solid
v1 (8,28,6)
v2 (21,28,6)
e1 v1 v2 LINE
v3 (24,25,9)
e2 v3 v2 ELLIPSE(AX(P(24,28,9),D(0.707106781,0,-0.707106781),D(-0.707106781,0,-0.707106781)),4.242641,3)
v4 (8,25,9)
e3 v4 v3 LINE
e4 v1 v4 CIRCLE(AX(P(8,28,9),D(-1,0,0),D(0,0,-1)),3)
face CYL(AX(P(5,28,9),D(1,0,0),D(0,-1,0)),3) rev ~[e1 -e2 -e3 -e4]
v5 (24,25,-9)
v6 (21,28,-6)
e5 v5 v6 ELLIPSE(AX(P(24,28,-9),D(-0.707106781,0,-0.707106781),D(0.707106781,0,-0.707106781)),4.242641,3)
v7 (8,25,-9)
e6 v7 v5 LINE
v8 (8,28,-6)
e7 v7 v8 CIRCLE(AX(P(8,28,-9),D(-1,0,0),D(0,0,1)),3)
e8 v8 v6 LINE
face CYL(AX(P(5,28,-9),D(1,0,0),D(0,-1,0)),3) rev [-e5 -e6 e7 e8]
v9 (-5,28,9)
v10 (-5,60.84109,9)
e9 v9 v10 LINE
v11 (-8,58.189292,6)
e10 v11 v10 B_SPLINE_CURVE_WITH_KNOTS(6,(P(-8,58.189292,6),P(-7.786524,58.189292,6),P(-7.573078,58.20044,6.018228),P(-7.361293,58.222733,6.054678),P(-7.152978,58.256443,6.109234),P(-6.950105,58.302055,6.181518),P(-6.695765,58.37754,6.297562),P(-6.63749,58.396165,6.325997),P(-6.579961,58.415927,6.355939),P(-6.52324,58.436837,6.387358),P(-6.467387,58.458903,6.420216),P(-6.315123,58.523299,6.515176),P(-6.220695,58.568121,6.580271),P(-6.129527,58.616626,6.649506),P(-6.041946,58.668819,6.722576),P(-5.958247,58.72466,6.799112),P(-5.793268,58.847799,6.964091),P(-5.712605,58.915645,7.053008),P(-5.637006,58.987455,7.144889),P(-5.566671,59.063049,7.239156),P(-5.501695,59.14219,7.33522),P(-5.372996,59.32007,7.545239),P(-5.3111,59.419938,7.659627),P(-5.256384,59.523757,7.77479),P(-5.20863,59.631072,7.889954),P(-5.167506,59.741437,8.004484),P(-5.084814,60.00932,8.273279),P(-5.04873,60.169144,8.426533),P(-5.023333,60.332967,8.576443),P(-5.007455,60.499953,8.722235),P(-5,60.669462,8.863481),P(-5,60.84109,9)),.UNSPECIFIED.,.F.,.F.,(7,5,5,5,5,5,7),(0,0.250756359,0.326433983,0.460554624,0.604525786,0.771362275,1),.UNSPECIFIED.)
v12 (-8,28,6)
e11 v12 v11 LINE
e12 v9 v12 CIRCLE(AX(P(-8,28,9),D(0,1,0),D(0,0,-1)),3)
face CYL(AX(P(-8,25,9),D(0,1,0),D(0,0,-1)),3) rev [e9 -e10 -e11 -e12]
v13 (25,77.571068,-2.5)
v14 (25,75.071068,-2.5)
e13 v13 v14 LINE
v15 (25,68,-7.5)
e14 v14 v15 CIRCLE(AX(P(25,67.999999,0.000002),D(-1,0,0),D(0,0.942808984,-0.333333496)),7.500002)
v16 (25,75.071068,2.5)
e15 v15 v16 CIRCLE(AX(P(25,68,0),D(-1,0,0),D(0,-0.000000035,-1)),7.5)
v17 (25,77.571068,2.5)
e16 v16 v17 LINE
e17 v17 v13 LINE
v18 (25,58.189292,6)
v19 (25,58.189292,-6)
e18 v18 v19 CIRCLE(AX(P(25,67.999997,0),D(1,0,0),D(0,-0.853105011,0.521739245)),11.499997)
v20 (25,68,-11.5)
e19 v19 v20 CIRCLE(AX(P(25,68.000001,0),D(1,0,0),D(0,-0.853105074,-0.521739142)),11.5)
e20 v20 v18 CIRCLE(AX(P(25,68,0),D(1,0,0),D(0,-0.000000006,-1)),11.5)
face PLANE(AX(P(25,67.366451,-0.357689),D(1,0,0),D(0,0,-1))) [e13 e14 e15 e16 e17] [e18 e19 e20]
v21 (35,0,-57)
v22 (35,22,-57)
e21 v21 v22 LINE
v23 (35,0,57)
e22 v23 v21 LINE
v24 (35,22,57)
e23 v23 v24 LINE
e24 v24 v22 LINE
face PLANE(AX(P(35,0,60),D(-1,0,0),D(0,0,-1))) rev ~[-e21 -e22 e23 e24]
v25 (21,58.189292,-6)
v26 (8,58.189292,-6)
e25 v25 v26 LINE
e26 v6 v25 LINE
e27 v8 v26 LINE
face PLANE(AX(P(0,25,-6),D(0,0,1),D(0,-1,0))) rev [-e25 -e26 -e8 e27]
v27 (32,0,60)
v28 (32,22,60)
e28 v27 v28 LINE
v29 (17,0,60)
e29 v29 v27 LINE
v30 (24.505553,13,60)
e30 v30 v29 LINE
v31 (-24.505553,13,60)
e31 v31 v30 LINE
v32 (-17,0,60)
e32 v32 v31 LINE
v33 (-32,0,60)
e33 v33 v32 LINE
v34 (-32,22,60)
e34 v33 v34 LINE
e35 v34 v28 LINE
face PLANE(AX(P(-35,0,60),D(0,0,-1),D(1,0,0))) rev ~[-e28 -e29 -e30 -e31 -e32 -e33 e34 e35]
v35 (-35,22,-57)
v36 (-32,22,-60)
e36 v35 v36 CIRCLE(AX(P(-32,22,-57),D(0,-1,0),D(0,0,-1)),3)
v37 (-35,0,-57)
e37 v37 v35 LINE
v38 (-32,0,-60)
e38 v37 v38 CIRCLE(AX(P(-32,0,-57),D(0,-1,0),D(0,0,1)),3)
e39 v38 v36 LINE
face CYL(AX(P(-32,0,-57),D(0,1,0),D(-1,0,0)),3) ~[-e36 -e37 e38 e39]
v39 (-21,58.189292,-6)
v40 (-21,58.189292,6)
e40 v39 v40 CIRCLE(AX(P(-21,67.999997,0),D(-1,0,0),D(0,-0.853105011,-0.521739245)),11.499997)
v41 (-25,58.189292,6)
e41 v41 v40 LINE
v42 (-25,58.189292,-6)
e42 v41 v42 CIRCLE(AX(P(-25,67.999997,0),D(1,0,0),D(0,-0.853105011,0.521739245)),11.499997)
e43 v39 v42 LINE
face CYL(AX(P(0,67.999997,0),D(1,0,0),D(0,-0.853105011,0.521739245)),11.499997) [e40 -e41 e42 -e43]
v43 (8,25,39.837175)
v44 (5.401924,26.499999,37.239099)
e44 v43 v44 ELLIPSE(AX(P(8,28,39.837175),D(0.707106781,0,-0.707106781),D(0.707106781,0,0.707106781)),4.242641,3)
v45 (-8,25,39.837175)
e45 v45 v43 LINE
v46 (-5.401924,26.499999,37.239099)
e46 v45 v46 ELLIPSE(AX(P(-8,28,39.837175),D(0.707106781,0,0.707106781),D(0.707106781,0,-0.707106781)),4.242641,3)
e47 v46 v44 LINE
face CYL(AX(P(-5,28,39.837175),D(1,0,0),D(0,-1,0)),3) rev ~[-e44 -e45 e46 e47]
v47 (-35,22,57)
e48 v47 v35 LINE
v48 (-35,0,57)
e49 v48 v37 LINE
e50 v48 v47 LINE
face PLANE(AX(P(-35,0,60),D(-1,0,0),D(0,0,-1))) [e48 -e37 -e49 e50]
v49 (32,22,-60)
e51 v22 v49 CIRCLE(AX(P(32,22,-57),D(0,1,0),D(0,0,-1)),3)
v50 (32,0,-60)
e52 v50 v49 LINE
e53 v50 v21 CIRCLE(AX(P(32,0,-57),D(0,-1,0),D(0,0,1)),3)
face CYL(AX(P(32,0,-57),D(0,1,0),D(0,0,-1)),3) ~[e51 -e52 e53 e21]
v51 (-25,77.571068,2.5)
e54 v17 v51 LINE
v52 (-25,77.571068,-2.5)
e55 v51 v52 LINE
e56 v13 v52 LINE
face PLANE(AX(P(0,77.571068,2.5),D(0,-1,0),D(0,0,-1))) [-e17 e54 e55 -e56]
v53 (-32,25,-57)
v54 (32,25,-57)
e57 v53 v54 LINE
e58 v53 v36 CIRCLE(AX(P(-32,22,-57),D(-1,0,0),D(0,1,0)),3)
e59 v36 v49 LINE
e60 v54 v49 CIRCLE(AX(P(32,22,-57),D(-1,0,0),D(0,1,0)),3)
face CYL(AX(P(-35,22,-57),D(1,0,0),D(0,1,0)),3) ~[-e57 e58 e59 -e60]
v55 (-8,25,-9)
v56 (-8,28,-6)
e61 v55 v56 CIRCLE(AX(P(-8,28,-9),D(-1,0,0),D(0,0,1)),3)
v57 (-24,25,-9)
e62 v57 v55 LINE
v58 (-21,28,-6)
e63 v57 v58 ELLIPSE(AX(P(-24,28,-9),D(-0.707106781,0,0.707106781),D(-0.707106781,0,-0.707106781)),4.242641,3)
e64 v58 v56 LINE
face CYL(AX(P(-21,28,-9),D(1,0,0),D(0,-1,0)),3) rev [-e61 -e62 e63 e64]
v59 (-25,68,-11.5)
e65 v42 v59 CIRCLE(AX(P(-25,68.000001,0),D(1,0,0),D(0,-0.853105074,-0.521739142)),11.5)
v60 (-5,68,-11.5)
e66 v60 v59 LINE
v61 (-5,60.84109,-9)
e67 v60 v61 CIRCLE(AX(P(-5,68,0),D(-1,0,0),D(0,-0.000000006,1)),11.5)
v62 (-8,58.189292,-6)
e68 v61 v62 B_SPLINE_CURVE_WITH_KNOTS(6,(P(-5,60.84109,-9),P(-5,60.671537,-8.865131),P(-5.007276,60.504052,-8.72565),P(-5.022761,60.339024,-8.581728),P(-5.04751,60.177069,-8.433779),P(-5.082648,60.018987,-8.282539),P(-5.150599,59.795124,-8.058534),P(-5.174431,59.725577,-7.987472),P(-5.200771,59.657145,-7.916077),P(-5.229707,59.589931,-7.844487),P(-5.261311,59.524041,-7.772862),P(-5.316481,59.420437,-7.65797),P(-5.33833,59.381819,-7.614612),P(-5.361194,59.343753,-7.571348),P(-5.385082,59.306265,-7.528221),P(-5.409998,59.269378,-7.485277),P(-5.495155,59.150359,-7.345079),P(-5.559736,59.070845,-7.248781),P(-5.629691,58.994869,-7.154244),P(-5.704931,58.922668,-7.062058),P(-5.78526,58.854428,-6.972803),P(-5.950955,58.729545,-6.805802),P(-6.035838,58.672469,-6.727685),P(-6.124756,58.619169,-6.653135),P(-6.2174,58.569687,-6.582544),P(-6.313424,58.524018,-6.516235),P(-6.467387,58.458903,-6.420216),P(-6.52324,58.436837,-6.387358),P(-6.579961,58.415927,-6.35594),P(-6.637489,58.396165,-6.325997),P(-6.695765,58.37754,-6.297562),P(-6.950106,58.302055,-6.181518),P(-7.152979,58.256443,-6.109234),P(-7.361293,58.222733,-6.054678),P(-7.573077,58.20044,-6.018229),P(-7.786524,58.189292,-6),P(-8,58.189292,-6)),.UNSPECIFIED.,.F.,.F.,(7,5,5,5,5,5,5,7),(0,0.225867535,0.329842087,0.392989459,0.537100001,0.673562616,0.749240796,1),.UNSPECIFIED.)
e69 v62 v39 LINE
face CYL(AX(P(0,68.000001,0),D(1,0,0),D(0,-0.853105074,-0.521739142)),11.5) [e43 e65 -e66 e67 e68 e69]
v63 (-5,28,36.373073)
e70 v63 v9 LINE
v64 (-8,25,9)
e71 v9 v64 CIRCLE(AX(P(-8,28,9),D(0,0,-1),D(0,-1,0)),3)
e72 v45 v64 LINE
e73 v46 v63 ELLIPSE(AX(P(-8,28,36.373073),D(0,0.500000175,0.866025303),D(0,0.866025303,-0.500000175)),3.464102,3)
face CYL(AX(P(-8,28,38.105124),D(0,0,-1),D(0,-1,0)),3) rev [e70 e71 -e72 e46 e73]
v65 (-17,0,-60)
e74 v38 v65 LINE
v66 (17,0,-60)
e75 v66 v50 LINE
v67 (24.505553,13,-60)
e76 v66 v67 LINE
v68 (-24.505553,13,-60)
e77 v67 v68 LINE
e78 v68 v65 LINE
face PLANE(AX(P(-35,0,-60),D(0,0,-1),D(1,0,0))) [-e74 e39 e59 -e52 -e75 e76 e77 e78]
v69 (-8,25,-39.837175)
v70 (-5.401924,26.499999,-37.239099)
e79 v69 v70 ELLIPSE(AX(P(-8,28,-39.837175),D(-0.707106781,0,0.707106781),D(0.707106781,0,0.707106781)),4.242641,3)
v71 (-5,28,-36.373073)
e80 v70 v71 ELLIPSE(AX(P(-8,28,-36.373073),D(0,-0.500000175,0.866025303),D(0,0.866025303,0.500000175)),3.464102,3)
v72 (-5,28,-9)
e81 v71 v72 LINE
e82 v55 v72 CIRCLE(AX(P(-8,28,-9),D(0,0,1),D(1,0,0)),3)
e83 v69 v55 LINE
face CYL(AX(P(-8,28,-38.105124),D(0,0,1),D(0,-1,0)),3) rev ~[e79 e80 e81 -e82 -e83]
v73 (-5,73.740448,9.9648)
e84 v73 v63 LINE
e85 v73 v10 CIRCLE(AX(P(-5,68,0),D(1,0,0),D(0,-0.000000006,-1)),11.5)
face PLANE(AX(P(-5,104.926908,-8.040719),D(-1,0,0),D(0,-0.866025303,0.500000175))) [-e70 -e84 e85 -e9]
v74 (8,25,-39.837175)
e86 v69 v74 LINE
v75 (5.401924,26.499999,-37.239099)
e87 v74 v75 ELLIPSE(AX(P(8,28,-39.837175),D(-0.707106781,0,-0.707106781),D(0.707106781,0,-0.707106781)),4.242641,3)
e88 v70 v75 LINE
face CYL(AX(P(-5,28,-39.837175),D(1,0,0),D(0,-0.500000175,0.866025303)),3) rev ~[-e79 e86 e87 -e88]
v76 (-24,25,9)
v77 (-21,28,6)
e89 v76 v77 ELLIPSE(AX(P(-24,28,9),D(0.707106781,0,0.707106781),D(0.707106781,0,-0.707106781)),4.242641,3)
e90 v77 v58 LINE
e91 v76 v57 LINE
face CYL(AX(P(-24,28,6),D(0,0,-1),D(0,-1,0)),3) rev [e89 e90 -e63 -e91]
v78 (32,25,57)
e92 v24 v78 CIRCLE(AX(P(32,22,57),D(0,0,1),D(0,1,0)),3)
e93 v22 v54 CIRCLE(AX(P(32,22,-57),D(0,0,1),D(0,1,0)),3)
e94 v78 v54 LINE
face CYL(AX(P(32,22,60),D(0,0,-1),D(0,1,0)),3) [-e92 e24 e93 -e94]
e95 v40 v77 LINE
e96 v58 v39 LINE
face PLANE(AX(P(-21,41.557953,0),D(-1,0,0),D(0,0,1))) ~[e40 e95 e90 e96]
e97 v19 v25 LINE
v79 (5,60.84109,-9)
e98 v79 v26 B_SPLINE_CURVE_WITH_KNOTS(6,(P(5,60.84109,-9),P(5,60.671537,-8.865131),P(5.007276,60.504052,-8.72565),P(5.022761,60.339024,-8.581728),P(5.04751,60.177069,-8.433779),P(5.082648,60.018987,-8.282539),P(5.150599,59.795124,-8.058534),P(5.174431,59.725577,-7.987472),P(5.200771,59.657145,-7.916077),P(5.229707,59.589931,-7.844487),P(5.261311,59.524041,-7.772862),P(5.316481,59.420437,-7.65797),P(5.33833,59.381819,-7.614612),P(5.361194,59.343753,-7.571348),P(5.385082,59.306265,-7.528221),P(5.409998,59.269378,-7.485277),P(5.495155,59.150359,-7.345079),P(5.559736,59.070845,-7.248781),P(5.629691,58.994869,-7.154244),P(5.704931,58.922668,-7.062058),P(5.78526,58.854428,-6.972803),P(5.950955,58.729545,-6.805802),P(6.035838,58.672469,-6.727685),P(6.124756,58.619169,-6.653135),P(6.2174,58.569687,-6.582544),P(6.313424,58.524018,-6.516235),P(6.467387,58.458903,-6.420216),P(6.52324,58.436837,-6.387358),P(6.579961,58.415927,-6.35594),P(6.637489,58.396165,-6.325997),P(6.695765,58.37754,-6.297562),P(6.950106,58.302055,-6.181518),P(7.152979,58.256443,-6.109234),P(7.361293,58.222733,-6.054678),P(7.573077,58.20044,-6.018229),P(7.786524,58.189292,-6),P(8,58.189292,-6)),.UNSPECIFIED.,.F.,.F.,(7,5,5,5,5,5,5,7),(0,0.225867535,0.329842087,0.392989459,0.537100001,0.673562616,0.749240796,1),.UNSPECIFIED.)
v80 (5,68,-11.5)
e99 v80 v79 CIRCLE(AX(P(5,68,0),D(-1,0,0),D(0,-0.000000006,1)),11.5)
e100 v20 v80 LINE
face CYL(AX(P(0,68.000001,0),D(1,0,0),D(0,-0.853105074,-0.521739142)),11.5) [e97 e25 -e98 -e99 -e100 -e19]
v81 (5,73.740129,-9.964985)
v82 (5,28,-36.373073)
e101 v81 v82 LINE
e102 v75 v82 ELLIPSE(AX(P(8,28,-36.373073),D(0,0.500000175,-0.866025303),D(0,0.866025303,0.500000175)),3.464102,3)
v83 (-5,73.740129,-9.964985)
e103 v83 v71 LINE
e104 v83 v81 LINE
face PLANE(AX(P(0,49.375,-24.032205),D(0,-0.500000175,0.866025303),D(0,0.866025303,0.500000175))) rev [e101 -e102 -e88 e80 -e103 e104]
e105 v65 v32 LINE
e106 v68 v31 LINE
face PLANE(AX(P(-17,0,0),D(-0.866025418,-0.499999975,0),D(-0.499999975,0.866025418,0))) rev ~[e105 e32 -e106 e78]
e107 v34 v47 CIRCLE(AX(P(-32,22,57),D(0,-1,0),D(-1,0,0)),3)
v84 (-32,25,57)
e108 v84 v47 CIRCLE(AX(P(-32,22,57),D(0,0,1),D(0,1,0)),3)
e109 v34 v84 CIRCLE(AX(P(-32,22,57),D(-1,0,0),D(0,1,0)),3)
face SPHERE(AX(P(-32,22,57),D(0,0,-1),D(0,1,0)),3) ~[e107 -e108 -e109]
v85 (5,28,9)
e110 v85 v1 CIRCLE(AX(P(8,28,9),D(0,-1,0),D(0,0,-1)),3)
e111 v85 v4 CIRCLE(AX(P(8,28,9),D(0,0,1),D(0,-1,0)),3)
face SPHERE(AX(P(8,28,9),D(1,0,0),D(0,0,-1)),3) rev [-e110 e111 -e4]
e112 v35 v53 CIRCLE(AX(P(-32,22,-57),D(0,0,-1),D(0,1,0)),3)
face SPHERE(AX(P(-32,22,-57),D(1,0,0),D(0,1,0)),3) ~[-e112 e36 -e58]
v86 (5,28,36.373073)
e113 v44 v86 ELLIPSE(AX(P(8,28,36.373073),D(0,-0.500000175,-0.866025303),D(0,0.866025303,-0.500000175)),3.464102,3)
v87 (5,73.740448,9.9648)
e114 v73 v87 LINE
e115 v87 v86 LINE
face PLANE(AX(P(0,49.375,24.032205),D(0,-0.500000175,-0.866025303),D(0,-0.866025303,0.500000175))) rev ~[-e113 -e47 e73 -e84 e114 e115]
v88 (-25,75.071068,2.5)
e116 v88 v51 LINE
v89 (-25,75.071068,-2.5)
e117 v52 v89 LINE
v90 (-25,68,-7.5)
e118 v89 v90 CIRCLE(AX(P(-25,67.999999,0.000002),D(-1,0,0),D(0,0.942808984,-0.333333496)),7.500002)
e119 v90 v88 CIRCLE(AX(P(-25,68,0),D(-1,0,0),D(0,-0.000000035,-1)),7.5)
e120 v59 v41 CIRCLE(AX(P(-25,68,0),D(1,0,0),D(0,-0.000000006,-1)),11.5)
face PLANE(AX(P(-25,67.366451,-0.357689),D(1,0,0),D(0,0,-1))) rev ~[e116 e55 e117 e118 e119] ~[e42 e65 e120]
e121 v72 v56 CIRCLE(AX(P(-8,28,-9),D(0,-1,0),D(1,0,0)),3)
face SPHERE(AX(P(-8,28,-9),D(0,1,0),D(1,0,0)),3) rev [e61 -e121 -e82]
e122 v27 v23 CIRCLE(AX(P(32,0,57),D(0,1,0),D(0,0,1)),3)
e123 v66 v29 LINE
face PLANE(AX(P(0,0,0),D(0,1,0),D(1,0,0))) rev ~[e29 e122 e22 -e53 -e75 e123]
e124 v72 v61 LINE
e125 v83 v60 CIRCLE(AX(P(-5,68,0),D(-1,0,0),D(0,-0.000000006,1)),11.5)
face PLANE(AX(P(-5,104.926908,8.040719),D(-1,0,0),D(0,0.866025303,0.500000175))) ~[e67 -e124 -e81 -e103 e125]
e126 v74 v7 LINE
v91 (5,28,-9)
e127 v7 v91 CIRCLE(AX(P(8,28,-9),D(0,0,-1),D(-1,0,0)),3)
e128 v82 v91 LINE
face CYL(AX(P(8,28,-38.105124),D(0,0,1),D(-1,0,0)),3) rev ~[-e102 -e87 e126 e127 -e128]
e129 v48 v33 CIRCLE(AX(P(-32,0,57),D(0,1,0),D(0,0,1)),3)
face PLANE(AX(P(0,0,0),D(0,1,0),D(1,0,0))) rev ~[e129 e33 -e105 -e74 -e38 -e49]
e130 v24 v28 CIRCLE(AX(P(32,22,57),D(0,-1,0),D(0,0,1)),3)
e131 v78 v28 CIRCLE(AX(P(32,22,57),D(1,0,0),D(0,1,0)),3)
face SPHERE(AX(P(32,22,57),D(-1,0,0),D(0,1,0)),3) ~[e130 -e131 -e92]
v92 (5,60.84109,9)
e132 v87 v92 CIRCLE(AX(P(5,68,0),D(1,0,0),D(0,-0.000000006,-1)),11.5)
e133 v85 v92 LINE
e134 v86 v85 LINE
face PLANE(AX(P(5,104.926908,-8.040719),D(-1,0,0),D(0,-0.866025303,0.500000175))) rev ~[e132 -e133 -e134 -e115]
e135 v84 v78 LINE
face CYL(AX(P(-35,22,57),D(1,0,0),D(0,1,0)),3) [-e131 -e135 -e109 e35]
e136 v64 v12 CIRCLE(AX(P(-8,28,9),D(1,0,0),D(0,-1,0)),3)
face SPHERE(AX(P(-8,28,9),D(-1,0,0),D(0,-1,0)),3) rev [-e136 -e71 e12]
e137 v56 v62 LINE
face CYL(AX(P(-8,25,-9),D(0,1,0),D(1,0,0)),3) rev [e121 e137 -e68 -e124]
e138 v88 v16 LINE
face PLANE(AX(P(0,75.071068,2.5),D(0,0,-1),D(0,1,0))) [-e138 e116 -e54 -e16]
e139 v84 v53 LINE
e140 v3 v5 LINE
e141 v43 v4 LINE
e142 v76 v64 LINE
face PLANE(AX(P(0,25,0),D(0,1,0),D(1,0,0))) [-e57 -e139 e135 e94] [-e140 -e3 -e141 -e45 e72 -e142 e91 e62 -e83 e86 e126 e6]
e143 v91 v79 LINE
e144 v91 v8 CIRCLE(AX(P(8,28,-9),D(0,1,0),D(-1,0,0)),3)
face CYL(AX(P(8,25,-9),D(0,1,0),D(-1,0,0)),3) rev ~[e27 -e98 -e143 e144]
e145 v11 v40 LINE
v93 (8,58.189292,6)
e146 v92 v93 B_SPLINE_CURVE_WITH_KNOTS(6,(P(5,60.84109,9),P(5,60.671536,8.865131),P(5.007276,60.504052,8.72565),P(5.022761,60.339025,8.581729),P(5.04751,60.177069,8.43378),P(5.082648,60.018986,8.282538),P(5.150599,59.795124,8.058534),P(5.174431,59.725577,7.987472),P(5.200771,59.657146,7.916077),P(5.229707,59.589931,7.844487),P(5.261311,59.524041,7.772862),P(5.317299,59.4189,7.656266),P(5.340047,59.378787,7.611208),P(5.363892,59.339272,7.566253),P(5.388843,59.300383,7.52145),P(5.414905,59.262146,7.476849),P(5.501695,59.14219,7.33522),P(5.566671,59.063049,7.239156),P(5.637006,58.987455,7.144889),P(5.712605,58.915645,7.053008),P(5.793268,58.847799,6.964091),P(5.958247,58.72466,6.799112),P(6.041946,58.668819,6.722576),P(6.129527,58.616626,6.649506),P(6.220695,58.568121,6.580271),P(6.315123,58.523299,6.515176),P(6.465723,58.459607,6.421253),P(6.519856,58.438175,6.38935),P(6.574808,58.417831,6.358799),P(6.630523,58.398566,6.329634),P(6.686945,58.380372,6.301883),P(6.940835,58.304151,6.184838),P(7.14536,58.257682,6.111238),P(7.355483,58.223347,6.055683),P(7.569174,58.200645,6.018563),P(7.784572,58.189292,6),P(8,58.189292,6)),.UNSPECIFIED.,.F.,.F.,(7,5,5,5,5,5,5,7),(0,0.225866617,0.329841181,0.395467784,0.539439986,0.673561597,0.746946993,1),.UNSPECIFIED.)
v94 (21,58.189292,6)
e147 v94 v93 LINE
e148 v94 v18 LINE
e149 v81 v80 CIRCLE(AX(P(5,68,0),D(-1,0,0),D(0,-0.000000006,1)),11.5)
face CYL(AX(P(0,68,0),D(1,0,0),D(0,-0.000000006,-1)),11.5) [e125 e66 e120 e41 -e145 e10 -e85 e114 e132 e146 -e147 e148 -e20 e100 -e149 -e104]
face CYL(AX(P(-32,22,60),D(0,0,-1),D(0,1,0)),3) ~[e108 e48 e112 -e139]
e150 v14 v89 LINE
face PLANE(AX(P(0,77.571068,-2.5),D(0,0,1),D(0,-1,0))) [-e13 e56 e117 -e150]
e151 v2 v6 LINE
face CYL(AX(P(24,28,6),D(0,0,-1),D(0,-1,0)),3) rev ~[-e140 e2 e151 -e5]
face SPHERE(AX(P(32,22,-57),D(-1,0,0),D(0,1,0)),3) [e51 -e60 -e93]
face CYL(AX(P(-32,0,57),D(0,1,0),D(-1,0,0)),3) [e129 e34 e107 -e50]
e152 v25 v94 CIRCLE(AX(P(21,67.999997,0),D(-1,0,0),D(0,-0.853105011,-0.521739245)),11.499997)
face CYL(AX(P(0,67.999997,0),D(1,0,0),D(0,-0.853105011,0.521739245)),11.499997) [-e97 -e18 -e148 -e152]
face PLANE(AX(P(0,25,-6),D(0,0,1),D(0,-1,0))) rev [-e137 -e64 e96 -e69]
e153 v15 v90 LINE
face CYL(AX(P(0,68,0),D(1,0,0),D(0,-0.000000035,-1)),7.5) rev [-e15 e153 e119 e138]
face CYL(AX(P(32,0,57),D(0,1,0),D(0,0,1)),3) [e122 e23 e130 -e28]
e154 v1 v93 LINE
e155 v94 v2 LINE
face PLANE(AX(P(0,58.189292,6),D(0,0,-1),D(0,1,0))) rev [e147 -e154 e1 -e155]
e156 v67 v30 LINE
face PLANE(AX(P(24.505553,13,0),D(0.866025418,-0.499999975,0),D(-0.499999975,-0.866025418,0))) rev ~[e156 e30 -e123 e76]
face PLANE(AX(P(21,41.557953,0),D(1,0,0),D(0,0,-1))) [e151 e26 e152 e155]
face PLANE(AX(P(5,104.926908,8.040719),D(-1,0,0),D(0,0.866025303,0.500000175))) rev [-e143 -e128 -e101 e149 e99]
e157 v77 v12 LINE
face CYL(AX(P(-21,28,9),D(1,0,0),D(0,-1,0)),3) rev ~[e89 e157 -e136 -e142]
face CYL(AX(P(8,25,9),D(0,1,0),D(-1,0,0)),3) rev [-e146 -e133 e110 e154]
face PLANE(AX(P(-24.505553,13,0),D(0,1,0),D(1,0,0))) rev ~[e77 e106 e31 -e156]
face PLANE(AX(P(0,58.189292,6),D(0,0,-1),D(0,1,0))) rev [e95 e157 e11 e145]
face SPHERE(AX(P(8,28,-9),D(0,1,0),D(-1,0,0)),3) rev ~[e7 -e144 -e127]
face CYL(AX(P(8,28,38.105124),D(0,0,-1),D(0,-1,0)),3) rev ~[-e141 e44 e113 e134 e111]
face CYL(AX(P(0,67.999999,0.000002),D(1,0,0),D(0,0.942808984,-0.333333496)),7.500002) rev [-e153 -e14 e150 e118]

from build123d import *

# Parameters (mm, degrees)
SKETCH1_W               = 70
SKETCH1_H               = 120
BOSS_EXTRUDE1_DEPTH     = 25
CUT_EXTRUDE1_DEPTH      = 61
CUT_EXTRUDE1_DEPTH_BACK = 61
BOSS_EXTRUDE6_DEPTH     = 25
BOSS_EXTRUDE7_DEPTH     = 21
RIB33_REACH             = 37
SKETCH10_WALL_W         = 128.291652
SKETCH10_WALL_H         = 10
FILLET1_R               = 3


with BuildPart() as part:
    # Sketch1 → Boss-Extrude1 (new body)
    with BuildSketch(Plane(origin=(0, 0, 0), x_dir=(1, 0, 0), z_dir=(0, 1, 0))):
        Rectangle(SKETCH1_W, SKETCH1_H)
    extrude(amount=BOSS_EXTRUDE1_DEPTH)

    # Sketch2 → Cut-Extrude1 (cut, two sides)
    with BuildSketch(Plane.XY) as cut_extrude1_sk:
        Polygon((-17, 0), (-24.505553, 13), (24.505553, 13), (17, 0), align=None)
    extrude(amount=CUT_EXTRUDE1_DEPTH, mode=Mode.SUBTRACT)
    extrude(cut_extrude1_sk.sketch, amount=-CUT_EXTRUDE1_DEPTH_BACK, mode=Mode.SUBTRACT)


with BuildPart() as body_2:
    # Sketch6 → Boss-Extrude6 (new, symmetric)
    with BuildSketch(Plane(origin=(0, 0, 0), x_dir=(0, 0, -1), z_dir=(1, 0, 0))):
        with BuildLine():
            ThreePointArc((11.5, 68), (-5.623611, 78.031201), (-6, 58.189292))
            ThreePointArc((-6, 58.189292), (0, 56.5), (6, 58.189292))
            ThreePointArc((6, 58.189292), (10.031201, 62.376389), (11.5, 68))
        make_face()
        with BuildLine():
            Line((-2.5, 75.071068), (-2.5, 77.571068))
            Line((-2.5, 77.571068), (2.5, 77.571068))
            Line((2.5, 77.571068), (2.5, 75.071068))
            ThreePointArc((2.5, 75.071068), (6.123724, 72.330127), (7.5, 68))
            ThreePointArc((7.5, 68), (-4.330127, 61.876276), (-2.5, 75.071068))
        make_face(mode=Mode.SUBTRACT)
    extrude(amount=BOSS_EXTRUDE6_DEPTH, both=True)


with BuildPart() as body_3:
    # Sketch6_3 → Boss-Extrude7 (new body)
    with BuildSketch(Plane(origin=(0, 0, 0), x_dir=(0, 0, -1), z_dir=(1, 0, 0))):
        with BuildLine():
            Line((-6, 58.189292), (-6, 25))
            Line((-6, 25), (6, 25))
            Line((6, 25), (6, 58.189292))
            ThreePointArc((6, 58.189292), (0, 56.5), (-6, 58.189292))
        make_face()
    extrude(amount=BOSS_EXTRUDE7_DEPTH)

    # Mirror4: body 3 across plane


with BuildPart() as body_3_1:
    add(body_3.part)
    add(body_3.part.mirror(Plane(origin=(0, 0, 0), x_dir=(0, 0, 1), z_dir=(1, 0, 0))))


with BuildPart() as body_2_1:
    add(body_2.part)

    # Combine2: union body 3, part
    add(body_3_1.part)
    add(part.part)

    # Sketch10 wall → Rib33 (add, up to next)
    with BuildSketch(Plane(origin=(0, 49.375, 24.032205), x_dir=(0, -0.866025, 0.5), z_dir=(0, -0.5, -0.866025)), mode=Mode.PRIVATE) as rib33_sk1:
        Rectangle(SKETCH10_WALL_W, SKETCH10_WALL_H)
    rib33_tool1 = extrude(rib33_sk1.sketch, amount=RIB33_REACH, mode=Mode.PRIVATE) - body_2_1.part
    rib33 = rib33_tool1.solids().sort_by_distance((0, 49.375, 24.032205))[0]
    add(rib33)

    # Mirror5: Rib33 across plane
    add(rib33.mirror(Plane.XY))

    # Fillet1
    fillet1_edges = [body_2_1.edges().sort_by_distance(p)[0] for p in [
        (5, 41.594646, -6),
        (5, 25, -22.052559),
        (-5, 41.594646, -6),
        (-5, 25, -22.052559),
        (0, 25, -38.105118),
        (13, 25, -6),
        (-21, 25, 0),
        (0, 25, -60),
        (-35, 25, 0),
        (21, 25, 0),
        (13, 25, 6),
        (0, 25, 60),
        (-35, 12.5, 60),
        (35, 25, 0),
        (35, 12.5, 60),
        (35, 12.5, -60),
        (-35, 12.5, -60),
        (-13, 25, 6),
        (5, 41.594646, 6),
        (5, 25, 22.052559),
        (-5, 25, 22.052559),
        (-5, 41.594646, 6),
        (0, 25, 38.105118),
        (-13, 25, -6),
    ]]
    fillet(fillet1_edges, radius=FILLET1_R)


solid = body_2_1.part
